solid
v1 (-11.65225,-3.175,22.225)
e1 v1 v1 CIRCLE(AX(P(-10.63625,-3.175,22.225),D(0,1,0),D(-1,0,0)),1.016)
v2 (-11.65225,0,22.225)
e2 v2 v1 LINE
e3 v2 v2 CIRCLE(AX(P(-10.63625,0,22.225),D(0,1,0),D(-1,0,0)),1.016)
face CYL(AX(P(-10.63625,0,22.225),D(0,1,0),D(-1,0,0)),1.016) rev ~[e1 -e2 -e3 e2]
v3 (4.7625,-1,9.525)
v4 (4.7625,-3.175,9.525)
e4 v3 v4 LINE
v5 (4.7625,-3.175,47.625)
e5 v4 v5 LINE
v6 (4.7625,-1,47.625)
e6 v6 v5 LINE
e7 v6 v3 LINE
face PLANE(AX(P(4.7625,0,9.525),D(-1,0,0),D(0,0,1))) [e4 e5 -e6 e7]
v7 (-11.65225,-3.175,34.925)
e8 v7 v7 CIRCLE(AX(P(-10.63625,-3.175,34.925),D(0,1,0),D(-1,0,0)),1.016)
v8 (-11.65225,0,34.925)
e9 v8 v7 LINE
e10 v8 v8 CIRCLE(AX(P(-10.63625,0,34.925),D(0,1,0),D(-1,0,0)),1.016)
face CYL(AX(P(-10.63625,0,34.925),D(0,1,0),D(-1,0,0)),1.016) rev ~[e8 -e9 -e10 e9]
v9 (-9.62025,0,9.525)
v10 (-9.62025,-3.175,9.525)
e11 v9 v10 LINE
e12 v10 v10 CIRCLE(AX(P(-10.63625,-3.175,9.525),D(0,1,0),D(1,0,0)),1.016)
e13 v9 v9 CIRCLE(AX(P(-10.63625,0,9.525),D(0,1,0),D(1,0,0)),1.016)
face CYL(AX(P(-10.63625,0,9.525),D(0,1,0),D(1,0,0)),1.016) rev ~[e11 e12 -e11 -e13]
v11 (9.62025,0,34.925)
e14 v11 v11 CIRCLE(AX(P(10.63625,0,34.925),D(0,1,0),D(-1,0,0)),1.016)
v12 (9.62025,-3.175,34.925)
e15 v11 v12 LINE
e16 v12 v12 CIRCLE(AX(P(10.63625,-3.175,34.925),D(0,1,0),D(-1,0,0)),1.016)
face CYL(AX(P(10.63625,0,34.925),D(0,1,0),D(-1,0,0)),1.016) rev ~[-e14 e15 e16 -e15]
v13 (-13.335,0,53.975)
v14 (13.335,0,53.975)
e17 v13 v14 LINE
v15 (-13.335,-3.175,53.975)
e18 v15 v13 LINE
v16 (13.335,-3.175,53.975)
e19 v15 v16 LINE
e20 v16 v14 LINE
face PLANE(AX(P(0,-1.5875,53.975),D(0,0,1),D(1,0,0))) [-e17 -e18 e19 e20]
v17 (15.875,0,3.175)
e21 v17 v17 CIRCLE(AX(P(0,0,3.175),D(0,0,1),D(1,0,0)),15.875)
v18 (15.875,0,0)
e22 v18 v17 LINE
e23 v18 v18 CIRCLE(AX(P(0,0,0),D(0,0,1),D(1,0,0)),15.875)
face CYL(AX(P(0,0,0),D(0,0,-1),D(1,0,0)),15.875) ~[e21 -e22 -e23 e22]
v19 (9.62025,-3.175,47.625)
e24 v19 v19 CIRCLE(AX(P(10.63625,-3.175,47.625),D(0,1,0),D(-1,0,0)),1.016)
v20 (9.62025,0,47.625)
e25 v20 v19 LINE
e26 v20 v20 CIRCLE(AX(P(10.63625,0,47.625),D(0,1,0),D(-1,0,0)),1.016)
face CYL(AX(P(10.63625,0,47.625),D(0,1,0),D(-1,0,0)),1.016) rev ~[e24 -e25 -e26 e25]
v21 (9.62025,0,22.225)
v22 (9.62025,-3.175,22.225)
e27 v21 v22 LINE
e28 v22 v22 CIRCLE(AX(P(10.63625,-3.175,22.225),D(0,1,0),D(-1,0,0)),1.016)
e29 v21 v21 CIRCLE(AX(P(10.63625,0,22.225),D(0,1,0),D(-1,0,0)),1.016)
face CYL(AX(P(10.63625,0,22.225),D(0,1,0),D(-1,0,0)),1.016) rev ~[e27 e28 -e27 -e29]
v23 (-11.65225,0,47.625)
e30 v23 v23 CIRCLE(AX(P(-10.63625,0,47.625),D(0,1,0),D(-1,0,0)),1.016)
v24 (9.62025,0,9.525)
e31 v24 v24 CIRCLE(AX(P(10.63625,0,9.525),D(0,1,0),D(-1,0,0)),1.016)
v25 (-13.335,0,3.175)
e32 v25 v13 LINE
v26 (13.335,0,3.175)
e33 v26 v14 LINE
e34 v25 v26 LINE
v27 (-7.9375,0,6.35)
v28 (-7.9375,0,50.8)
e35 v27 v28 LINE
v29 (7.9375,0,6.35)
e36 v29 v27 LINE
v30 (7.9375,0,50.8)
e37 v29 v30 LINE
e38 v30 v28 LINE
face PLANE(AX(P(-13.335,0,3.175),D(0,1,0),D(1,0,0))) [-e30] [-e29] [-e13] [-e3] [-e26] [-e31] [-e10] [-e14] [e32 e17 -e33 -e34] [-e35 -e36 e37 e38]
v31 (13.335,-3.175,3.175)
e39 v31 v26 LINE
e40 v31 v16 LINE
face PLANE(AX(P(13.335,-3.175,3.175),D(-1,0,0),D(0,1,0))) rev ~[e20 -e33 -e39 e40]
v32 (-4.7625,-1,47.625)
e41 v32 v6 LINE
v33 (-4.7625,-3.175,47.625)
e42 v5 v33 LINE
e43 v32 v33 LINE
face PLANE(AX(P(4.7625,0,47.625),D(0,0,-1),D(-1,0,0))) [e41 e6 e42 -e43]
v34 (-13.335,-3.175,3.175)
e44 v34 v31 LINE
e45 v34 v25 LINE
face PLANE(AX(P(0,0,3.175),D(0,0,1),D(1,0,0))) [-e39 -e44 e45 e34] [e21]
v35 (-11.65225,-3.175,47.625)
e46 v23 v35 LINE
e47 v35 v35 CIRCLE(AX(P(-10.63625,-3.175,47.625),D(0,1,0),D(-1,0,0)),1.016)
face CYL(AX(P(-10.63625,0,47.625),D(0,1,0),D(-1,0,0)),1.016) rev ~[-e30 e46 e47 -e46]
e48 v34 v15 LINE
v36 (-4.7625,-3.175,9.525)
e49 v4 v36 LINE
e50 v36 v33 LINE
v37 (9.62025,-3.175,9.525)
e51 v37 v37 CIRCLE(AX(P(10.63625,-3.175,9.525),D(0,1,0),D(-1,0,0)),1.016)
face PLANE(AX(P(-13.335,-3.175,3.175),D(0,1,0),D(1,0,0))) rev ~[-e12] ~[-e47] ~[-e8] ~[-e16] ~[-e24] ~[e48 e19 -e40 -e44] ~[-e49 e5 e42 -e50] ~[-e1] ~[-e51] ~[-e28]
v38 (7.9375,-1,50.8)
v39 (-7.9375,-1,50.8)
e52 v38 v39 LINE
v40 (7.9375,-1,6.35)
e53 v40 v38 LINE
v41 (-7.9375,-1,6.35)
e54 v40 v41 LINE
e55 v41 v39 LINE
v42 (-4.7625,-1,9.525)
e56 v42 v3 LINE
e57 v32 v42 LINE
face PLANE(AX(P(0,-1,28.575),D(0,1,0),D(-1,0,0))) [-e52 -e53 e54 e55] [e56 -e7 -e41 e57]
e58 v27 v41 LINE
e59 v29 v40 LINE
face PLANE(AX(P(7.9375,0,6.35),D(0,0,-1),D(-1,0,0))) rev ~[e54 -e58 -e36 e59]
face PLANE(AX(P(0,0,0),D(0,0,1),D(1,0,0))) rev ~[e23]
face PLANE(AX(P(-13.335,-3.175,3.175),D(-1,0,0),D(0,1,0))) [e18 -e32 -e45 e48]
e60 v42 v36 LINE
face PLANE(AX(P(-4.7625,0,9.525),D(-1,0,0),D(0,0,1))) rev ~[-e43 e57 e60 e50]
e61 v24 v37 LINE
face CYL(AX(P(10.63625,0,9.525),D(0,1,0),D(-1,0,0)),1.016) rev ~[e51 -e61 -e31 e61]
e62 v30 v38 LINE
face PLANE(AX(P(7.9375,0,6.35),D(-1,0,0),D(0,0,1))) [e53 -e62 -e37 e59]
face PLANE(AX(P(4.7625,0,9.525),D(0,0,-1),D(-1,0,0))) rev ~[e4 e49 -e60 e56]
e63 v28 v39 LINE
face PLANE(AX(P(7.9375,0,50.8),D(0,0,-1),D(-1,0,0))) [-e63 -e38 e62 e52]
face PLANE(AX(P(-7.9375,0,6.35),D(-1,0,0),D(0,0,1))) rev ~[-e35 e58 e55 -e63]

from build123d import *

# Parameters (mm, degrees)
F0_R     = 15.875
F1_DEPTH = 3.175
F2_W     = 26.67
F2_H     = 3.175
F3_DEPTH = 50.8
F4_W     = 9.525
F4_H     = 38.1
F5_DEPTH = 3.175
F6_W     = 15.875
F6_H     = 44.45
F7_DEPTH = 1
F8_R     = 1.016
F9_DEPTH = 3.175


with BuildPart() as f1:
    # F0 (on Top) → F1 (new body)
    with BuildSketch(Plane.XY):
        Circle(F0_R)
    extrude(amount=F1_DEPTH)

    # F2 (on face) → F3 (join)
    with BuildSketch(Plane.XY.offset(3.175)):
        with Locations((0, -1.5875)):
            Rectangle(F2_W, F2_H)
    extrude(amount=F3_DEPTH)

    # F4 (on face) → F5 (cut, through all)
    with BuildSketch(Plane(origin=(0, 0, 0), x_dir=(-1, 0, 0), z_dir=(0, 1, 0))):
        with Locations((0, 28.575)):
            Rectangle(F4_W, F4_H)
    extrude(amount=-F5_DEPTH, mode=Mode.SUBTRACT)

    # F6 (on face) → F7 (cut)
    with BuildSketch(Plane(origin=(0, 0, 0), x_dir=(-1, 0, 0), z_dir=(0, 1, 0))):
        with Locations((0, 28.575)):
            Rectangle(F6_W, F6_H)
    extrude(amount=-F7_DEPTH, mode=Mode.SUBTRACT)

    # F8 (on face) → F9 (cut, through all)
    with BuildSketch(Plane(origin=(0, 0, 0), x_dir=(-1, 0, 0), z_dir=(0, 1, 0))):
        with BuildLine():
            Line((10.63625, 9.525), (11.65225, 9.525))
            ThreePointArc((11.65225, 9.525), (10.63625, 10.541), (9.62025, 9.525))
            Line((9.62025, 9.525), (10.63625, 9.525))
        make_face()
        with BuildLine():
            ThreePointArc((9.62025, 9.525), (10.63625, 8.509), (11.65225, 9.525))
            Line((11.65225, 9.525), (10.63625, 9.525))
            Line((10.63625, 9.525), (9.62025, 9.525))
        make_face()
        with Locations((10.63625, 22.225)):
            Circle(F8_R)
        with Locations((10.63625, 34.925)):
            Circle(F8_R)
        with Locations((10.63625, 47.625)):
            Circle(F8_R)
        with Locations((-10.63625, 47.625)):
            Circle(F8_R)
        with Locations((-10.63625, 34.925)):
            Circle(F8_R)
        with Locations((-10.63625, 22.225)):
            Circle(F8_R)
        with Locations((-10.63625, 9.525)):
            Circle(F8_R)
    extrude(amount=-F9_DEPTH, mode=Mode.SUBTRACT)


solid = f1.part
